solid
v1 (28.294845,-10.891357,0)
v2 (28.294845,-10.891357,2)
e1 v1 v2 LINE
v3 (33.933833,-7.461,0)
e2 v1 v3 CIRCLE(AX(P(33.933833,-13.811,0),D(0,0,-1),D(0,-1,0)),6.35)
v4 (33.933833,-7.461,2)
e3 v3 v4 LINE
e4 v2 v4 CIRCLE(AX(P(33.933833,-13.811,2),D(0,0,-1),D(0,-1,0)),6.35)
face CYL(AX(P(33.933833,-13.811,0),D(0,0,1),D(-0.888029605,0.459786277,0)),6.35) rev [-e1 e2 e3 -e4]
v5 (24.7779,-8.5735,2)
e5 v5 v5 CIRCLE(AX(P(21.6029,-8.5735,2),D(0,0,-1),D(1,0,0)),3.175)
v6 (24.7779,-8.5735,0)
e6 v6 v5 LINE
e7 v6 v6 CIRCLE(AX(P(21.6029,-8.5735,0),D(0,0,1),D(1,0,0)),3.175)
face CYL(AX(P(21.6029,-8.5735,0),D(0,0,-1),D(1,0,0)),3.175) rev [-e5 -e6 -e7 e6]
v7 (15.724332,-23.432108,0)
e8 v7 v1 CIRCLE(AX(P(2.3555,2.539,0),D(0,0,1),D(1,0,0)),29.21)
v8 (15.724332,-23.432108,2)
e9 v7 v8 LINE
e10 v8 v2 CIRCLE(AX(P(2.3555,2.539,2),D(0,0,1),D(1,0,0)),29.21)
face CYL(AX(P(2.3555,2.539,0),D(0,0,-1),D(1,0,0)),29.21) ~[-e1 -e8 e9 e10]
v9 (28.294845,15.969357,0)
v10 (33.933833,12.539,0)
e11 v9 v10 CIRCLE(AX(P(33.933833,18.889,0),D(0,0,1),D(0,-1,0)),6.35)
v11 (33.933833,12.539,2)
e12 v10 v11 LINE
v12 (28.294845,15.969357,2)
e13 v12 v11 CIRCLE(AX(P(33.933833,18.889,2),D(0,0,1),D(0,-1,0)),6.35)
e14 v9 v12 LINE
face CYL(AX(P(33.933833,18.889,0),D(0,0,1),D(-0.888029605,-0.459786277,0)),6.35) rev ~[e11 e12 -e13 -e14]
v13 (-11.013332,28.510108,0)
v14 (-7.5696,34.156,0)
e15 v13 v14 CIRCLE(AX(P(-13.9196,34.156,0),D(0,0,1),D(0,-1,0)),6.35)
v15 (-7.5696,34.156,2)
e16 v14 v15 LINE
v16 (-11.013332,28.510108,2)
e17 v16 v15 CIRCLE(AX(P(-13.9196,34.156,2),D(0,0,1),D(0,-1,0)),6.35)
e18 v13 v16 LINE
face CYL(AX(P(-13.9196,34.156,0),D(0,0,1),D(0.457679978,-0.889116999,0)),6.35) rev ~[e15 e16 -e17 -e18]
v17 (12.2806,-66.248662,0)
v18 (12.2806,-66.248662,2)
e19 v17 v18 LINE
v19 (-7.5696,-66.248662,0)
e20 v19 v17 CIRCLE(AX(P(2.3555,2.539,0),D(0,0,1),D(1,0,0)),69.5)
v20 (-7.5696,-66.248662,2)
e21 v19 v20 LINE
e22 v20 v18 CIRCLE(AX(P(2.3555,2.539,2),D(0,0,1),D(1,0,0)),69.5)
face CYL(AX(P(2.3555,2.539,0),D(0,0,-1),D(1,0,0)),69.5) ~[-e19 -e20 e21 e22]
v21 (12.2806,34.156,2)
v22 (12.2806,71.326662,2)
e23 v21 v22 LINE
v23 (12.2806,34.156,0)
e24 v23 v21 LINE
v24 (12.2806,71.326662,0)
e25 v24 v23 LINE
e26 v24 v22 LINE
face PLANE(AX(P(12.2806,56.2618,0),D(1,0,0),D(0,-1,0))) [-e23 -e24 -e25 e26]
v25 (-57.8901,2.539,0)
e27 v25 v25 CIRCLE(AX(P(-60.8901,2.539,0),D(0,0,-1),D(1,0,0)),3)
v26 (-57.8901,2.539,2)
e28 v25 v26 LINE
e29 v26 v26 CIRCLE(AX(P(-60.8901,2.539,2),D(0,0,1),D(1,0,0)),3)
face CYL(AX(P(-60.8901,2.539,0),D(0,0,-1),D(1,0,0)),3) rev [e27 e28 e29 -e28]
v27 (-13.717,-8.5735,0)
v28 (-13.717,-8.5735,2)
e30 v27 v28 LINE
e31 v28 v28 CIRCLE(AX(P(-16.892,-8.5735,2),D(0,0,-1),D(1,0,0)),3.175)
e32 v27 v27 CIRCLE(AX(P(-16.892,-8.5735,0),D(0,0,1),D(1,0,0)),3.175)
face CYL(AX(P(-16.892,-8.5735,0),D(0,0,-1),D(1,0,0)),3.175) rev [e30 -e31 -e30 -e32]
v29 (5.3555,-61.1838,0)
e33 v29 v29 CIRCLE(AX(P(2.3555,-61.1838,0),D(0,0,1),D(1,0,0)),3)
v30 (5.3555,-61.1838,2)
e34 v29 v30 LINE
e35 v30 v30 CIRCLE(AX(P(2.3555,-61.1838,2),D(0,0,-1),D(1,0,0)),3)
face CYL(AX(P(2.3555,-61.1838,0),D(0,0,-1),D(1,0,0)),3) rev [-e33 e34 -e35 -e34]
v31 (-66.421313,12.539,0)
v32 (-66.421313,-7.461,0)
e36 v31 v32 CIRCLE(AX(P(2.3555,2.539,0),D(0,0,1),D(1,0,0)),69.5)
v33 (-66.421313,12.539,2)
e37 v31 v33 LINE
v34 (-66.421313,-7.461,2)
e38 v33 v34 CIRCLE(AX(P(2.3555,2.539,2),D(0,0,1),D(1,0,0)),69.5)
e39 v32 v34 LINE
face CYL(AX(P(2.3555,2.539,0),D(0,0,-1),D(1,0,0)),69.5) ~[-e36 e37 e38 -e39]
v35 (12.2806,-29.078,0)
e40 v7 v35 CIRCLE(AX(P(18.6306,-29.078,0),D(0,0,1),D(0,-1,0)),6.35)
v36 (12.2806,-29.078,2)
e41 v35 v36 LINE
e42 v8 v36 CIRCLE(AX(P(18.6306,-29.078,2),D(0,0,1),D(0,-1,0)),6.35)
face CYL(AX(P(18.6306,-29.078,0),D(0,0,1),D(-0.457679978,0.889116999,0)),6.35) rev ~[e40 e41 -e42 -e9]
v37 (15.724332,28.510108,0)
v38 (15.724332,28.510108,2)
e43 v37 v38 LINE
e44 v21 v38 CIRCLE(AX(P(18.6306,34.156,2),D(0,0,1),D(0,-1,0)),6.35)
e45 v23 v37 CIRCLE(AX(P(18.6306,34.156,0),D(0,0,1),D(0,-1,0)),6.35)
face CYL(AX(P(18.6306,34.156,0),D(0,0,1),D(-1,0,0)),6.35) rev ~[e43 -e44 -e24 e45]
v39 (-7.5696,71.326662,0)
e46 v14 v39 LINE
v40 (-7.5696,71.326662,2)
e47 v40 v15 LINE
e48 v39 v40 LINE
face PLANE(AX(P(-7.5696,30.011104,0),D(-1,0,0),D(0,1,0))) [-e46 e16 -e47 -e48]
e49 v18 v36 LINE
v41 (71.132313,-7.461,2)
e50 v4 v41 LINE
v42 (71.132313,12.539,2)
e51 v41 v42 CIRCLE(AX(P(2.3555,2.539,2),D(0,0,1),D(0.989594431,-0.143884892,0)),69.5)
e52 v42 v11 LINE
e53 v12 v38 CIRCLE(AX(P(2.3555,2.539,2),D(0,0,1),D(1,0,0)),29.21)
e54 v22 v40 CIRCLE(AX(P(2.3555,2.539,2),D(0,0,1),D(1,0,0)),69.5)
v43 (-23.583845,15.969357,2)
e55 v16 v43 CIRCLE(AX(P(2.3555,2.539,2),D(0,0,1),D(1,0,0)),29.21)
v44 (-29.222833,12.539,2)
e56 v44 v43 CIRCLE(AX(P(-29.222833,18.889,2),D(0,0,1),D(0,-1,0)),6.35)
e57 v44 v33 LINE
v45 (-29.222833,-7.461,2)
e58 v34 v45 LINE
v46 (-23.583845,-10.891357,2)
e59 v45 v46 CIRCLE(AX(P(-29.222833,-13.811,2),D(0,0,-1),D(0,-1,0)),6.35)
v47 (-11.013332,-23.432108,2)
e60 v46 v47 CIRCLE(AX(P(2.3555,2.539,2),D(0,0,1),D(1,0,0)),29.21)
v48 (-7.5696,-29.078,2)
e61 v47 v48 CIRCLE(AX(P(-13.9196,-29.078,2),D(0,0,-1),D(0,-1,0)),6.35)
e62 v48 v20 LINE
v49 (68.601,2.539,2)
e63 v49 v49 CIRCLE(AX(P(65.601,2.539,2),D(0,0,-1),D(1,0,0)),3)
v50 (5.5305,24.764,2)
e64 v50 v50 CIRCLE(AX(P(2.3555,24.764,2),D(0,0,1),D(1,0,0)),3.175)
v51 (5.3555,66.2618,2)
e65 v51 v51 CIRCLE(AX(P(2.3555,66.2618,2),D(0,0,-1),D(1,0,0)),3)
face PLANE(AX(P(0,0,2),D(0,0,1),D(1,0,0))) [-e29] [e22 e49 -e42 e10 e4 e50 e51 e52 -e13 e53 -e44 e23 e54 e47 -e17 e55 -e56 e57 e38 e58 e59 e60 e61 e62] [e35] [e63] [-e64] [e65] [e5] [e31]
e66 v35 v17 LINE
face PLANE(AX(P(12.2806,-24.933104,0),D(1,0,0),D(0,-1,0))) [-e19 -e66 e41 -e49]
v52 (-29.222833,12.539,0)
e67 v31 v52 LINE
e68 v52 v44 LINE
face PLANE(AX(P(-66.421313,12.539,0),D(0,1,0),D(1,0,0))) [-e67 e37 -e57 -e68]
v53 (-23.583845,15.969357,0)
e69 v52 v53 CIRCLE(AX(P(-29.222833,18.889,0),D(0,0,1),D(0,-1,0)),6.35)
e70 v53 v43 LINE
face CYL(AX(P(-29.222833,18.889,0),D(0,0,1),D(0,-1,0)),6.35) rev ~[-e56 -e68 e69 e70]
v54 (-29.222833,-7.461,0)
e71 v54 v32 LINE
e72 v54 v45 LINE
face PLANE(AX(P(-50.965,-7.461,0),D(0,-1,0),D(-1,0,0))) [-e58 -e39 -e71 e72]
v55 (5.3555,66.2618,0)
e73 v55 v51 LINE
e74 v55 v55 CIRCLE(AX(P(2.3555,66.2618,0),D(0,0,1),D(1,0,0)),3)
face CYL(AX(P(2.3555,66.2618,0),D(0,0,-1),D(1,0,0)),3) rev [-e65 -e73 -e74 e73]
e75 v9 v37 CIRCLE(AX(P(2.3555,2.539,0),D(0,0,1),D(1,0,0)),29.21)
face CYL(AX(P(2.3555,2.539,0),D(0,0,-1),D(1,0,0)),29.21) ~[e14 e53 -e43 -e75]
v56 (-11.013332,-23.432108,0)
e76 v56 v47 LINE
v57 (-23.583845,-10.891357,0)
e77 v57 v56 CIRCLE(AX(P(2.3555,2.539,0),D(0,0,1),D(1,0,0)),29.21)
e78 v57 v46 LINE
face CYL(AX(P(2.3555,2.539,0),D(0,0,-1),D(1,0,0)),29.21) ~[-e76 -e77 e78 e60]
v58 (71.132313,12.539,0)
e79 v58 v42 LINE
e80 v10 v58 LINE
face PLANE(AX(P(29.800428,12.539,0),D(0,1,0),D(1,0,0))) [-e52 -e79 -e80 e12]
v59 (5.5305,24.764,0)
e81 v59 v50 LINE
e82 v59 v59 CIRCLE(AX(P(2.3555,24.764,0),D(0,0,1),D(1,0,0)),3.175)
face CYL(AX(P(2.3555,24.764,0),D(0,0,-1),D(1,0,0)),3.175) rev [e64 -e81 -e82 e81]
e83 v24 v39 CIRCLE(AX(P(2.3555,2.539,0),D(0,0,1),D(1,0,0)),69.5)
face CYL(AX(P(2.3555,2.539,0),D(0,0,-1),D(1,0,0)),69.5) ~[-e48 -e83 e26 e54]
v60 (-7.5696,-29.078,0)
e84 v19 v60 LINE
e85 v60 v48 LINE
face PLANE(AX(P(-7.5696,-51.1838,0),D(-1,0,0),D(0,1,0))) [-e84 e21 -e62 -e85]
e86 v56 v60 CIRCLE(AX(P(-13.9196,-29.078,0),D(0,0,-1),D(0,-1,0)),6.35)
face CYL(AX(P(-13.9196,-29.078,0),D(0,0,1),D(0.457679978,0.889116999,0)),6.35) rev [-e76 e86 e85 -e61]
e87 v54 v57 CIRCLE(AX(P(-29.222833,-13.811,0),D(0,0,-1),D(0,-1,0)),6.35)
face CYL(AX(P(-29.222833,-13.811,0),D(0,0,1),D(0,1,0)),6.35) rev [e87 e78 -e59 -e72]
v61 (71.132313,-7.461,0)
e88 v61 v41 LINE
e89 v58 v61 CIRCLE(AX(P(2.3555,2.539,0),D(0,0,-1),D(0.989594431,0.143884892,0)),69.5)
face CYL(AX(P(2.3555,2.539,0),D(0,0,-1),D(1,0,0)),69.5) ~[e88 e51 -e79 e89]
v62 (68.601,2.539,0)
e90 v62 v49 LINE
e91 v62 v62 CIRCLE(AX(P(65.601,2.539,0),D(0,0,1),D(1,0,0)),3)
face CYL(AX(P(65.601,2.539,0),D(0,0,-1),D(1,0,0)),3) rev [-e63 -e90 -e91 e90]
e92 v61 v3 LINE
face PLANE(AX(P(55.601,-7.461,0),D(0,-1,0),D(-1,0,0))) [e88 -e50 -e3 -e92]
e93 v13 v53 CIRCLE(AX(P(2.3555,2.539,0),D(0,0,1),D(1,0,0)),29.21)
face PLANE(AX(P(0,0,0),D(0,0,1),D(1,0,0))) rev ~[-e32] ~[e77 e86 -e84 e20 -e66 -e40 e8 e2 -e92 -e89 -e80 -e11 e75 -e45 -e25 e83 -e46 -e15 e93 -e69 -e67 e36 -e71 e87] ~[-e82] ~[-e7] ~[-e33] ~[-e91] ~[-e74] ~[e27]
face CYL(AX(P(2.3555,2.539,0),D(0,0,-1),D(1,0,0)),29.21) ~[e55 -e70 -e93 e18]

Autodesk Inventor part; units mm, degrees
ref_plane "YZ Plane" through (0, 0, 0) normal (1, 0, 0) x (0, 1, 0)
ref_plane "XZ Plane" through (0, 0, 0) normal (0, 1, 0) x (-1, 0, 0)
ref_plane "XY Plane" through (0, 0, 0) normal (0, 0, 1) x (1, 0, 0)
sketch "Sketch1" plane through (0, 0, 0) normal (0, 0, 1) x (1, 0, 0)
  line L0 (-60.8901, 2.539) -> (2.3555, 66.2618)
  line L1 (2.3555, 66.2618) -> (65.601, 2.539)
  line L2 (65.601, 2.539) -> (2.3555, -61.1838)
  line L3 (2.3555, -61.1838) -> (-60.8901, 2.539)
  circle A0 centre (2.3555, 66.2618) radius 3
  circle A1 centre (-60.8901, 2.539) radius 3
  circle A2 centre (2.3555, -61.1838) radius 3
  circle A3 centre (65.601, 2.539) radius 3
  line L4 (-2.6445, 61.2618) -> (7.3555, 71.2618) construction
  line L5 (7.3555, 61.2618) -> (-2.6445, 71.2618) construction
  line L6 (-65.8901, -2.461) -> (-55.8901, 7.539) construction
  line L7 (-55.8901, -2.461) -> (-65.8901, 7.539) construction
  circle A4 centre (2.3555, 2.539) radius 100
  circle A5 centre (2.3555, 2.539) radius 70
  line L8 (65.601, 2.539) -> (-60.889, 2.539)
  line L9 (-70.889, -7.461) -> (-70.889, 12.539)
  line L10 (-70.889, 12.539) -> (-50.889, 12.539)
  line L11 (-50.889, 12.539) -> (-50.889, -7.461)
  line L12 (-50.889, -7.461) -> (-70.889, -7.461)
  line L13 (-70.889, -7.461) -> (-50.889, 12.539) construction
  line L14 (-70.889, 12.539) -> (-50.889, -7.461) construction
  line L15 (55.601, -7.461) -> (55.601, 12.539)
  line L16 (55.601, 12.539) -> (75.601, 12.539)
  line L17 (75.601, 12.539) -> (75.601, -7.461)
  line L18 (75.601, -7.461) -> (55.601, -7.461)
  line L19 (55.601, -7.461) -> (75.601, 12.539) construction
  line L20 (55.601, 12.539) -> (75.601, -7.461) construction
  line L21 (2.3555, 66.2618) -> (2.3555, 56.2618)
  line L22 (2.3555, 56.2618) -> (-7.5696, 56.2618)
  line L23 (-7.5696, 56.2618) -> (-7.5696, 71.8318)
  line L24 (2.3555, 56.2618) -> (12.2806, 56.2618)
  line L25 (12.2806, 56.2618) -> (12.2806, 71.8318)
  line L26 (2.3555, -61.1838) -> (2.3555, -51.1838)
  line L27 (2.3555, -51.1838) -> (-7.5696, -51.1838)
  line L28 (-7.5696, -66.7538) -> (-7.5696, -51.1838)
  line L29 (2.3555, -51.1838) -> (12.2806, -51.1838)
  line L30 (12.2806, -51.1838) -> (12.2806, -66.7538)
  line L31 (-50.965, 12.539) -> (55.601, 12.539)
  line L32 (55.601, 12.539) -> (55.601, -7.461)
  line L33 (55.601, -7.461) -> (-50.965, -7.461)
  line L34 (-50.965, -7.461) -> (-50.965, 12.539)
  line L35 (12.2806, -51.1838) -> (-7.5696, -51.1838)
  line L36 (-7.5696, -51.1838) -> (-7.5696, 56.2618)
  line L37 (-7.5696, 56.2618) -> (12.2806, 56.2618)
  line L38 (12.2806, 56.2618) -> (12.2806, -51.1838)
  circle A6 centre (2.3555, 2.539) radius 69.5
  circle A7 centre (2.3555, 2.539) radius 7
  line L39 (2.3555, 2.539) -> (24.5805, 2.539)
  circle A8 centre (24.5805, 2.539) radius 2
  line L40 (2.3555, 2.539) -> (21.6029, -8.5735)
  circle A9 centre (2.3555, 2.539) radius 29.21
  circle A10 centre (21.6029, -8.5735) radius 3.175
  circle A11 centre (2.3555, 24.764) radius 3.175
  circle A12 centre (-16.892, -8.5735) radius 3.175
  point P0 (0, 0)
  point P1 (-60.8901, 2.539)
  point P2 (-66.9266, 12.539)
  point P3 (-66.9266, -7.461)
  point P4 (-50.965, -7.461)
  point P5 (12.2806, 12.539)
  point P6 (-7.5696, 12.539)
  point P7 (-50.889, -7.461)
  point P8 (-7.5696, -7.461)
  point P9 (12.2806, -7.461)
  point P10 (71.6375, -7.461)
  point P11 (71.6375, 12.539)
  point P12 (12.2806, 71.3266)
  point P13 (-7.5696, 71.3266)
  point P14 (-7.5696, -66.2487)
  point P15 (12.2806, -66.2487)
  point P16 (71.1323, -7.461)
  point P17 (71.1323, 12.539)
  point P18 (-66.4214, 12.539)
  point P19 (-66.4214, -7.461)
  point P20 (-7.5696, 30.0111)
  point P21 (-25.0895, 12.539)
  point P22 (-25.0895, -7.461)
  point P23 (-7.5696, -24.9331)
  point P24 (12.2806, -24.9331)
  point P25 (29.8004, -7.461)
  point P26 (29.8004, 12.539)
  point P27 (12.2806, 30.0111)
  dimension "d0" = 6
  dimension "d1" = 6
  dimension "d2" = 6
  dimension "d3" = 6
  dimension "d8" = 200
  dimension "d9" = 140
  dimension "d10" = 126.49
  dimension "d11" = 20
  dimension "d12" = 20
  dimension "d13" = 20
  dimension "d14" = 20
  dimension "d18" = 10
  dimension "d19" = 10
  dimension "d22" = 139
  dimension "d24" = 14
  dimension "d25" = 22.225
  dimension "d26" = 4
  dimension "d31" = 22.225
  dimension "d32" = 30
  dimension "d33" = 58.42
  dimension "d34" = 6.35
  dimension "d37" = 360
extrude "Extrusion1" add sketch "Sketch1" along normal blind 2 contours L34 L8 A1 L0 | L0 A1 L3 L12 A6 L10 | L10 L11 L8 L34 | L23 A6 L25 L1 A0 L0 | L0 A0 L21 L22 | L22 L24 L38 A9 L36 | L31 A9 L8 L11 | L34 L3 A1 L8 | L8 L11 L12 L34 | L21 A0 L1 L24 | A9 L38 L31 L36 | L36 L31 A9 | L8 A9 L33 L11 | L31 L36 L8 A9 | L31 L38 L8 A7 L36 | A9 L31 L38 | L8 L36 L33 A12 A9 | L28 L3 A2 L2 L30 A6 | L27 L26 A2 L3 | L36 A9 L38 L29 L27 | L16 A6 L18 L2 A3 L1 | L1 A3 L8 L15 L16 | L31 A9 L8 A8 L38 | L8 A7 L40 L38 L33 L36 | L31 L15 L8 A9 | L33 A12 L36 A9 | L29 L2 A2 L26 | L36 L33 L38 A9 | L38 L40 A7 L8 | L8 A8 A9 L33 A10 L40 L38 | A7 L8 | L8 L40 A7 | L8 L15 L33 A9 | L38 L33 A10 A9 | A3 L2 L18 L15 L8 | A8 L8 | L8 A8 | A7 L40 L8 | L40 A10 L33 L38
fillet "Fillet2" radius 6.35 8 edges at (29.8004, 12.539, 1) (12.2806, 30.0111, 1) (-25.0895, 12.539, 1) (-7.5696, 30.0111, 1) (-7.5696, -24.9331, 1) (-25.0895, -7.461, 1) (12.2806, -24.9331, 1) (29.8004, -7.461, 1)
properties part number "steering sheet"
